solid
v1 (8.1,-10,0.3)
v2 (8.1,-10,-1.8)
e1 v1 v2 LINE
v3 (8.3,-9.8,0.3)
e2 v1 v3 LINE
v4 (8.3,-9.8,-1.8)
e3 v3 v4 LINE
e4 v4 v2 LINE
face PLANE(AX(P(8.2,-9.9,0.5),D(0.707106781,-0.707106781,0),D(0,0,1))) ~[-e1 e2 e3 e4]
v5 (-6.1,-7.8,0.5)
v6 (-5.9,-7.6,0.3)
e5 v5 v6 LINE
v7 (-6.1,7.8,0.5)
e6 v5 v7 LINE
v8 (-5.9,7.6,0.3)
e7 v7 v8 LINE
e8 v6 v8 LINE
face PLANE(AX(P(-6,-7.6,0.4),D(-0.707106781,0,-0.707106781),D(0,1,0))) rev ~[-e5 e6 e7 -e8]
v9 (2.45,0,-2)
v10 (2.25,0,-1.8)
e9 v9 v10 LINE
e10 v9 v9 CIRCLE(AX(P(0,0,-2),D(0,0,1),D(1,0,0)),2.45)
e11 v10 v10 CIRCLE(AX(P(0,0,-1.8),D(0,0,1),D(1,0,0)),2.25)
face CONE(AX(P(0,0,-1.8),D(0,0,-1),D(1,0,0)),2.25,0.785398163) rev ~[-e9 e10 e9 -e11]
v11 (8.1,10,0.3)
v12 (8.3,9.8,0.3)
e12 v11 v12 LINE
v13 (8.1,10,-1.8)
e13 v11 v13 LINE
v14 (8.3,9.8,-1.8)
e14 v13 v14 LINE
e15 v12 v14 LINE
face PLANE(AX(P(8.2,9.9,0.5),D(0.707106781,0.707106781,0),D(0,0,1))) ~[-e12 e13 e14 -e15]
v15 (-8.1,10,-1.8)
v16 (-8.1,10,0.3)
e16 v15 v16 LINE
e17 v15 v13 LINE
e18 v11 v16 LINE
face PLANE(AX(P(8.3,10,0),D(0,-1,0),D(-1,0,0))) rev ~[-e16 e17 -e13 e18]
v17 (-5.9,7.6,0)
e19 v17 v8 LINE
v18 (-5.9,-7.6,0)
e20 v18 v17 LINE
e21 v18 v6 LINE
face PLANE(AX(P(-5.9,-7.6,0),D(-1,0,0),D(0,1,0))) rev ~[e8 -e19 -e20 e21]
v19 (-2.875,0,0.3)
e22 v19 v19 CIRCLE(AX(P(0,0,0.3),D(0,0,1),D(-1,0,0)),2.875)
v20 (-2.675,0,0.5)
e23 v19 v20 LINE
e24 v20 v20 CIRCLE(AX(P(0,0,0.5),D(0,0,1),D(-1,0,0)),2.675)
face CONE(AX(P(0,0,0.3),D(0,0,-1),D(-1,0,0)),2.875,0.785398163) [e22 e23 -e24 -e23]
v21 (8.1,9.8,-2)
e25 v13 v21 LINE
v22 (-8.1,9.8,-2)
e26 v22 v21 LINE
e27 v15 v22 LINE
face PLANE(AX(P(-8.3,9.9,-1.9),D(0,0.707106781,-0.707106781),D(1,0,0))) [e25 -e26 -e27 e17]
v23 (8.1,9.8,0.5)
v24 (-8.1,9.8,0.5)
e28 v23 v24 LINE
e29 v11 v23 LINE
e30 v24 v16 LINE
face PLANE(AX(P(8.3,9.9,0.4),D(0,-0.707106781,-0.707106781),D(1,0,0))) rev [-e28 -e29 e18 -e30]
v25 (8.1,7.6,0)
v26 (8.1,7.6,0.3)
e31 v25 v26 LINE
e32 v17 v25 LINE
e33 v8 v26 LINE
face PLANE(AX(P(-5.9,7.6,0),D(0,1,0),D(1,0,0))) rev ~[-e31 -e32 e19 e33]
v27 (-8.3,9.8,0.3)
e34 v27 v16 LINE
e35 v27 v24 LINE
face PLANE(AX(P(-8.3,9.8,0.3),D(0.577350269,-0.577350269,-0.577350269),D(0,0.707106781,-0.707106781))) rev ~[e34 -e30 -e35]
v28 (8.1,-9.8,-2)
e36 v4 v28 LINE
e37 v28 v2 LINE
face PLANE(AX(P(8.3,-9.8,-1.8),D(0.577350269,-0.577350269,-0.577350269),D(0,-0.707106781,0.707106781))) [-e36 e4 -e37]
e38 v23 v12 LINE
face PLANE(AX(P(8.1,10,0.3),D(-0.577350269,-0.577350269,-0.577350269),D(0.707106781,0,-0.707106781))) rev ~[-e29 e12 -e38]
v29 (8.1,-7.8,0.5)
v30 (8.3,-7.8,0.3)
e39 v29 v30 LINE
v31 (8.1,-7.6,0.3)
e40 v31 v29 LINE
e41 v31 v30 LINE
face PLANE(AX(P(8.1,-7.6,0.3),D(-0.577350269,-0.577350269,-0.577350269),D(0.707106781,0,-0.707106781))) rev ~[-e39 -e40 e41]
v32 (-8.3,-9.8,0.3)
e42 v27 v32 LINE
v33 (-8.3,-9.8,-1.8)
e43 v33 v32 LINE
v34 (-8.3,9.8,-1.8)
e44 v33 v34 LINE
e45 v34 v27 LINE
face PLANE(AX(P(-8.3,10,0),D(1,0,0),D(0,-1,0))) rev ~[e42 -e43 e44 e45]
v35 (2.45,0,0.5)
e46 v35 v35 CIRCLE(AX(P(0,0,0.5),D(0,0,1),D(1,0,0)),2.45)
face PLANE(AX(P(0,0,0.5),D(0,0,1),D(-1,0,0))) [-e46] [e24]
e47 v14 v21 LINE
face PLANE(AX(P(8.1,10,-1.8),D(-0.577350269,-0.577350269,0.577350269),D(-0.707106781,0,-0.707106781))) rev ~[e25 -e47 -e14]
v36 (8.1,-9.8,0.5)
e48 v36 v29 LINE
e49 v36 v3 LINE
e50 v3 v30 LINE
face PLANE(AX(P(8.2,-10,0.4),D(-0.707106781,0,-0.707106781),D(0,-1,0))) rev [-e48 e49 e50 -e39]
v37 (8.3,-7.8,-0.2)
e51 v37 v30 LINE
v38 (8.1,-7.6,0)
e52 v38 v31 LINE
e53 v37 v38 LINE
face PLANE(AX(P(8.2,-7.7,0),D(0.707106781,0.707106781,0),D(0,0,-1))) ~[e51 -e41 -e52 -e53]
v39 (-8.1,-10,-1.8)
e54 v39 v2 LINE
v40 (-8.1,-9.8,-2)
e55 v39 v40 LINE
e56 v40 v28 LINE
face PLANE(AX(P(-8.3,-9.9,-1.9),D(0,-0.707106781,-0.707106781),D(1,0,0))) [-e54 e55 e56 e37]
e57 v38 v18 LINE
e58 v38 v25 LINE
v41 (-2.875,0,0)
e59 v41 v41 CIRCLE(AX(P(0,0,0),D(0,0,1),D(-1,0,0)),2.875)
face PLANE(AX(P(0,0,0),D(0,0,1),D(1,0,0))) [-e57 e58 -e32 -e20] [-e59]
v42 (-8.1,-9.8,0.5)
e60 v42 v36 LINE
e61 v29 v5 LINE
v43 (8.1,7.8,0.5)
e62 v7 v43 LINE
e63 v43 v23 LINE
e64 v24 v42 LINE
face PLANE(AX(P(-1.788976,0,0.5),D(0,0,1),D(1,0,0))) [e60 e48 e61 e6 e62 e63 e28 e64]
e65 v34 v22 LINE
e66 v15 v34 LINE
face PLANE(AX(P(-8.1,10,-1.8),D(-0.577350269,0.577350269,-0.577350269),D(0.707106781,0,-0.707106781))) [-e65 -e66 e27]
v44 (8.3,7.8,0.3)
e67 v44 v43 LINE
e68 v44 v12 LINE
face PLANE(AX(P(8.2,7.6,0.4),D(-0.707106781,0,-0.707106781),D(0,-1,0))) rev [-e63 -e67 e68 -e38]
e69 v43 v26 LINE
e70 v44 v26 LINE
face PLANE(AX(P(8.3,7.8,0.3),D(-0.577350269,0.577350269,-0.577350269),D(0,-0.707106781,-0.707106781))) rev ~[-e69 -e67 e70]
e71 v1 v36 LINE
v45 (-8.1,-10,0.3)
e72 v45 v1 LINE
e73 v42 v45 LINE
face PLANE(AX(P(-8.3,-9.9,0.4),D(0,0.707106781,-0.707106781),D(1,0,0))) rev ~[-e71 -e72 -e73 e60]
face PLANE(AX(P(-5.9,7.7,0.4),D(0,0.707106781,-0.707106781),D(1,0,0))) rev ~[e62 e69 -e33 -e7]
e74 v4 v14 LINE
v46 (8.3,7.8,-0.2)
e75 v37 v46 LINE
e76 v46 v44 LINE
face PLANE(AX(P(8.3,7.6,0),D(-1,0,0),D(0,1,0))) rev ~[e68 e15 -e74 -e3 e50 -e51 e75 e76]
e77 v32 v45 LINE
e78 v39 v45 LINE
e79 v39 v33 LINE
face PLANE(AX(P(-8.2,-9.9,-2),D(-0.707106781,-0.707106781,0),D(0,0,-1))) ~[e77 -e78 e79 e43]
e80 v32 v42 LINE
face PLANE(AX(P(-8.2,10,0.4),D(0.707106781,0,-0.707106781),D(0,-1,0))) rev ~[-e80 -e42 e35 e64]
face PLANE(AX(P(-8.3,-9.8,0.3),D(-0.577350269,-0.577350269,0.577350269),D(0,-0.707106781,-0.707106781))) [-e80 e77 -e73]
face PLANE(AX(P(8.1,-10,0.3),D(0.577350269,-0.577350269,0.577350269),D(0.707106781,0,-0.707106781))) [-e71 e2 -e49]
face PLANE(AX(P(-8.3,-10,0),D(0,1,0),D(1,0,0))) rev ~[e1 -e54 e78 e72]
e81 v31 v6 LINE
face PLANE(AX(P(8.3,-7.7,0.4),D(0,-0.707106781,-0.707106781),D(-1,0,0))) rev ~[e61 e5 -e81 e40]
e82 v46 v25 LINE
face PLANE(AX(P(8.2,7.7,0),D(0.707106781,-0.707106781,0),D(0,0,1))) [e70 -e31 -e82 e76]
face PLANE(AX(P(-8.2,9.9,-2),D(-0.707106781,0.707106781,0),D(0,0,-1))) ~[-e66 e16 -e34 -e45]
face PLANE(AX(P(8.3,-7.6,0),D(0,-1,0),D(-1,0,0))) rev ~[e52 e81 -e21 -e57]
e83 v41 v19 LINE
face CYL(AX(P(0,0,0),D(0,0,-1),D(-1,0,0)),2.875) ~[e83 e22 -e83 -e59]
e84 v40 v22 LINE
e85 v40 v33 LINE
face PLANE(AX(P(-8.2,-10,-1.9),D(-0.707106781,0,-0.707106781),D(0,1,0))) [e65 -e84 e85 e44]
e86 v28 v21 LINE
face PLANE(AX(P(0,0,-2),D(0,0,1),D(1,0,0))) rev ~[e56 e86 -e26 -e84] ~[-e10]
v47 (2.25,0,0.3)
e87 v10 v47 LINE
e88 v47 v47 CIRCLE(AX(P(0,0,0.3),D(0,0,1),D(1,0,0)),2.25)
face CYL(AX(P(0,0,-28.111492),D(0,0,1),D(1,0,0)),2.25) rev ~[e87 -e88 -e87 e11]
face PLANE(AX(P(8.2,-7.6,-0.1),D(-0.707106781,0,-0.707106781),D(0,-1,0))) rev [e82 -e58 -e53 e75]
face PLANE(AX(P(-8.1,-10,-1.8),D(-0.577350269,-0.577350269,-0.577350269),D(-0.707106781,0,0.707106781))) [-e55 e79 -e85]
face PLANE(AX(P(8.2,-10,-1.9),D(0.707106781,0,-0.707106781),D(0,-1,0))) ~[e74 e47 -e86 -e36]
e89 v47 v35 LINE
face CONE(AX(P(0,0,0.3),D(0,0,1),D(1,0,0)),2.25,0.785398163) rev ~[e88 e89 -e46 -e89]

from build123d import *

# Parameters (mm, degrees)
SKETCH1_W            = 16.6
SKETCH1_H            = 20
BOSS_EXTRUDE1_DEPTH  = 2
EXTRUDE_THIN1_DEPTH  = 0.5
SKETCH3_R            = 2.875
BOSS_EXTRUDE2_DEPTH  = 0.5
M4_CLEARANCE_HOLE1_D = 4.5
DEBURS_SIZE          = 0.2


with BuildPart() as part:
    # Sketch1 → Boss-Extrude1 (new body)
    with BuildSketch(Plane.XY):
        Rectangle(SKETCH1_W, SKETCH1_H)
    extrude(amount=-BOSS_EXTRUDE1_DEPTH)

    # Sketch2 → Extrude-Thin1 (add)
    with BuildSketch(Plane.XY):
        Polygon((8.3, 10), (-8.3, 10), (-8.3, -10), (8.3, -10), (8.3, -7.6), (-5.9, -7.6), (-5.9, 7.6), (8.3, 7.6), align=None)
    extrude(amount=EXTRUDE_THIN1_DEPTH)

    # Sketch3 → Boss-Extrude2 (add)
    with BuildSketch(Plane.XY):
        with Locations(Location((0, 0, 0), (0, 0, 180))):
            Circle(SKETCH3_R)
    extrude(amount=BOSS_EXTRUDE2_DEPTH)

    # M4 Clearance Hole1 (through all)
    with Locations(Plane(origin=(0, 0, -2), x_dir=(-1, 0, 0), z_dir=(0, 0, -1))):
        with Locations((0, 0)):
            Hole(M4_CLEARANCE_HOLE1_D / 2)

    # Deburs
    deburs_edges = [part.edges().sort_by_distance(p)[0] for p in [
        (-8.3, 0, -2),
        (8.3, 0, 0),
        (8.3, -8.8, 0.5),
        (1.2, -7.6, 0.5),
        (0, -10, -2),
        (8.3, -7.6, 0.25),
        (-5.9, 0, 0.5),
        (1.2, 7.6, 0.5),
        (8.3, 8.8, 0.5),
        (8.3, 7.6, 0.25),
        (0, -10, 0.5),
        (0, 10, 0.5),
        (-8.3, 0, 0.5),
        (2.875, 0, 0.5),
        (-2.25, 0, -2),
        (-2.25, 0, 0.5),
        (8.3, 0, -2),
        (8.3, -10, -0.75),
        (-8.3, -10, -0.75),
        (-8.3, 10, -0.75),
        (8.3, 10, -0.75),
        (0, 10, -2),
    ]]
    chamfer(deburs_edges, length=DEBURS_SIZE)


solid = part.part
